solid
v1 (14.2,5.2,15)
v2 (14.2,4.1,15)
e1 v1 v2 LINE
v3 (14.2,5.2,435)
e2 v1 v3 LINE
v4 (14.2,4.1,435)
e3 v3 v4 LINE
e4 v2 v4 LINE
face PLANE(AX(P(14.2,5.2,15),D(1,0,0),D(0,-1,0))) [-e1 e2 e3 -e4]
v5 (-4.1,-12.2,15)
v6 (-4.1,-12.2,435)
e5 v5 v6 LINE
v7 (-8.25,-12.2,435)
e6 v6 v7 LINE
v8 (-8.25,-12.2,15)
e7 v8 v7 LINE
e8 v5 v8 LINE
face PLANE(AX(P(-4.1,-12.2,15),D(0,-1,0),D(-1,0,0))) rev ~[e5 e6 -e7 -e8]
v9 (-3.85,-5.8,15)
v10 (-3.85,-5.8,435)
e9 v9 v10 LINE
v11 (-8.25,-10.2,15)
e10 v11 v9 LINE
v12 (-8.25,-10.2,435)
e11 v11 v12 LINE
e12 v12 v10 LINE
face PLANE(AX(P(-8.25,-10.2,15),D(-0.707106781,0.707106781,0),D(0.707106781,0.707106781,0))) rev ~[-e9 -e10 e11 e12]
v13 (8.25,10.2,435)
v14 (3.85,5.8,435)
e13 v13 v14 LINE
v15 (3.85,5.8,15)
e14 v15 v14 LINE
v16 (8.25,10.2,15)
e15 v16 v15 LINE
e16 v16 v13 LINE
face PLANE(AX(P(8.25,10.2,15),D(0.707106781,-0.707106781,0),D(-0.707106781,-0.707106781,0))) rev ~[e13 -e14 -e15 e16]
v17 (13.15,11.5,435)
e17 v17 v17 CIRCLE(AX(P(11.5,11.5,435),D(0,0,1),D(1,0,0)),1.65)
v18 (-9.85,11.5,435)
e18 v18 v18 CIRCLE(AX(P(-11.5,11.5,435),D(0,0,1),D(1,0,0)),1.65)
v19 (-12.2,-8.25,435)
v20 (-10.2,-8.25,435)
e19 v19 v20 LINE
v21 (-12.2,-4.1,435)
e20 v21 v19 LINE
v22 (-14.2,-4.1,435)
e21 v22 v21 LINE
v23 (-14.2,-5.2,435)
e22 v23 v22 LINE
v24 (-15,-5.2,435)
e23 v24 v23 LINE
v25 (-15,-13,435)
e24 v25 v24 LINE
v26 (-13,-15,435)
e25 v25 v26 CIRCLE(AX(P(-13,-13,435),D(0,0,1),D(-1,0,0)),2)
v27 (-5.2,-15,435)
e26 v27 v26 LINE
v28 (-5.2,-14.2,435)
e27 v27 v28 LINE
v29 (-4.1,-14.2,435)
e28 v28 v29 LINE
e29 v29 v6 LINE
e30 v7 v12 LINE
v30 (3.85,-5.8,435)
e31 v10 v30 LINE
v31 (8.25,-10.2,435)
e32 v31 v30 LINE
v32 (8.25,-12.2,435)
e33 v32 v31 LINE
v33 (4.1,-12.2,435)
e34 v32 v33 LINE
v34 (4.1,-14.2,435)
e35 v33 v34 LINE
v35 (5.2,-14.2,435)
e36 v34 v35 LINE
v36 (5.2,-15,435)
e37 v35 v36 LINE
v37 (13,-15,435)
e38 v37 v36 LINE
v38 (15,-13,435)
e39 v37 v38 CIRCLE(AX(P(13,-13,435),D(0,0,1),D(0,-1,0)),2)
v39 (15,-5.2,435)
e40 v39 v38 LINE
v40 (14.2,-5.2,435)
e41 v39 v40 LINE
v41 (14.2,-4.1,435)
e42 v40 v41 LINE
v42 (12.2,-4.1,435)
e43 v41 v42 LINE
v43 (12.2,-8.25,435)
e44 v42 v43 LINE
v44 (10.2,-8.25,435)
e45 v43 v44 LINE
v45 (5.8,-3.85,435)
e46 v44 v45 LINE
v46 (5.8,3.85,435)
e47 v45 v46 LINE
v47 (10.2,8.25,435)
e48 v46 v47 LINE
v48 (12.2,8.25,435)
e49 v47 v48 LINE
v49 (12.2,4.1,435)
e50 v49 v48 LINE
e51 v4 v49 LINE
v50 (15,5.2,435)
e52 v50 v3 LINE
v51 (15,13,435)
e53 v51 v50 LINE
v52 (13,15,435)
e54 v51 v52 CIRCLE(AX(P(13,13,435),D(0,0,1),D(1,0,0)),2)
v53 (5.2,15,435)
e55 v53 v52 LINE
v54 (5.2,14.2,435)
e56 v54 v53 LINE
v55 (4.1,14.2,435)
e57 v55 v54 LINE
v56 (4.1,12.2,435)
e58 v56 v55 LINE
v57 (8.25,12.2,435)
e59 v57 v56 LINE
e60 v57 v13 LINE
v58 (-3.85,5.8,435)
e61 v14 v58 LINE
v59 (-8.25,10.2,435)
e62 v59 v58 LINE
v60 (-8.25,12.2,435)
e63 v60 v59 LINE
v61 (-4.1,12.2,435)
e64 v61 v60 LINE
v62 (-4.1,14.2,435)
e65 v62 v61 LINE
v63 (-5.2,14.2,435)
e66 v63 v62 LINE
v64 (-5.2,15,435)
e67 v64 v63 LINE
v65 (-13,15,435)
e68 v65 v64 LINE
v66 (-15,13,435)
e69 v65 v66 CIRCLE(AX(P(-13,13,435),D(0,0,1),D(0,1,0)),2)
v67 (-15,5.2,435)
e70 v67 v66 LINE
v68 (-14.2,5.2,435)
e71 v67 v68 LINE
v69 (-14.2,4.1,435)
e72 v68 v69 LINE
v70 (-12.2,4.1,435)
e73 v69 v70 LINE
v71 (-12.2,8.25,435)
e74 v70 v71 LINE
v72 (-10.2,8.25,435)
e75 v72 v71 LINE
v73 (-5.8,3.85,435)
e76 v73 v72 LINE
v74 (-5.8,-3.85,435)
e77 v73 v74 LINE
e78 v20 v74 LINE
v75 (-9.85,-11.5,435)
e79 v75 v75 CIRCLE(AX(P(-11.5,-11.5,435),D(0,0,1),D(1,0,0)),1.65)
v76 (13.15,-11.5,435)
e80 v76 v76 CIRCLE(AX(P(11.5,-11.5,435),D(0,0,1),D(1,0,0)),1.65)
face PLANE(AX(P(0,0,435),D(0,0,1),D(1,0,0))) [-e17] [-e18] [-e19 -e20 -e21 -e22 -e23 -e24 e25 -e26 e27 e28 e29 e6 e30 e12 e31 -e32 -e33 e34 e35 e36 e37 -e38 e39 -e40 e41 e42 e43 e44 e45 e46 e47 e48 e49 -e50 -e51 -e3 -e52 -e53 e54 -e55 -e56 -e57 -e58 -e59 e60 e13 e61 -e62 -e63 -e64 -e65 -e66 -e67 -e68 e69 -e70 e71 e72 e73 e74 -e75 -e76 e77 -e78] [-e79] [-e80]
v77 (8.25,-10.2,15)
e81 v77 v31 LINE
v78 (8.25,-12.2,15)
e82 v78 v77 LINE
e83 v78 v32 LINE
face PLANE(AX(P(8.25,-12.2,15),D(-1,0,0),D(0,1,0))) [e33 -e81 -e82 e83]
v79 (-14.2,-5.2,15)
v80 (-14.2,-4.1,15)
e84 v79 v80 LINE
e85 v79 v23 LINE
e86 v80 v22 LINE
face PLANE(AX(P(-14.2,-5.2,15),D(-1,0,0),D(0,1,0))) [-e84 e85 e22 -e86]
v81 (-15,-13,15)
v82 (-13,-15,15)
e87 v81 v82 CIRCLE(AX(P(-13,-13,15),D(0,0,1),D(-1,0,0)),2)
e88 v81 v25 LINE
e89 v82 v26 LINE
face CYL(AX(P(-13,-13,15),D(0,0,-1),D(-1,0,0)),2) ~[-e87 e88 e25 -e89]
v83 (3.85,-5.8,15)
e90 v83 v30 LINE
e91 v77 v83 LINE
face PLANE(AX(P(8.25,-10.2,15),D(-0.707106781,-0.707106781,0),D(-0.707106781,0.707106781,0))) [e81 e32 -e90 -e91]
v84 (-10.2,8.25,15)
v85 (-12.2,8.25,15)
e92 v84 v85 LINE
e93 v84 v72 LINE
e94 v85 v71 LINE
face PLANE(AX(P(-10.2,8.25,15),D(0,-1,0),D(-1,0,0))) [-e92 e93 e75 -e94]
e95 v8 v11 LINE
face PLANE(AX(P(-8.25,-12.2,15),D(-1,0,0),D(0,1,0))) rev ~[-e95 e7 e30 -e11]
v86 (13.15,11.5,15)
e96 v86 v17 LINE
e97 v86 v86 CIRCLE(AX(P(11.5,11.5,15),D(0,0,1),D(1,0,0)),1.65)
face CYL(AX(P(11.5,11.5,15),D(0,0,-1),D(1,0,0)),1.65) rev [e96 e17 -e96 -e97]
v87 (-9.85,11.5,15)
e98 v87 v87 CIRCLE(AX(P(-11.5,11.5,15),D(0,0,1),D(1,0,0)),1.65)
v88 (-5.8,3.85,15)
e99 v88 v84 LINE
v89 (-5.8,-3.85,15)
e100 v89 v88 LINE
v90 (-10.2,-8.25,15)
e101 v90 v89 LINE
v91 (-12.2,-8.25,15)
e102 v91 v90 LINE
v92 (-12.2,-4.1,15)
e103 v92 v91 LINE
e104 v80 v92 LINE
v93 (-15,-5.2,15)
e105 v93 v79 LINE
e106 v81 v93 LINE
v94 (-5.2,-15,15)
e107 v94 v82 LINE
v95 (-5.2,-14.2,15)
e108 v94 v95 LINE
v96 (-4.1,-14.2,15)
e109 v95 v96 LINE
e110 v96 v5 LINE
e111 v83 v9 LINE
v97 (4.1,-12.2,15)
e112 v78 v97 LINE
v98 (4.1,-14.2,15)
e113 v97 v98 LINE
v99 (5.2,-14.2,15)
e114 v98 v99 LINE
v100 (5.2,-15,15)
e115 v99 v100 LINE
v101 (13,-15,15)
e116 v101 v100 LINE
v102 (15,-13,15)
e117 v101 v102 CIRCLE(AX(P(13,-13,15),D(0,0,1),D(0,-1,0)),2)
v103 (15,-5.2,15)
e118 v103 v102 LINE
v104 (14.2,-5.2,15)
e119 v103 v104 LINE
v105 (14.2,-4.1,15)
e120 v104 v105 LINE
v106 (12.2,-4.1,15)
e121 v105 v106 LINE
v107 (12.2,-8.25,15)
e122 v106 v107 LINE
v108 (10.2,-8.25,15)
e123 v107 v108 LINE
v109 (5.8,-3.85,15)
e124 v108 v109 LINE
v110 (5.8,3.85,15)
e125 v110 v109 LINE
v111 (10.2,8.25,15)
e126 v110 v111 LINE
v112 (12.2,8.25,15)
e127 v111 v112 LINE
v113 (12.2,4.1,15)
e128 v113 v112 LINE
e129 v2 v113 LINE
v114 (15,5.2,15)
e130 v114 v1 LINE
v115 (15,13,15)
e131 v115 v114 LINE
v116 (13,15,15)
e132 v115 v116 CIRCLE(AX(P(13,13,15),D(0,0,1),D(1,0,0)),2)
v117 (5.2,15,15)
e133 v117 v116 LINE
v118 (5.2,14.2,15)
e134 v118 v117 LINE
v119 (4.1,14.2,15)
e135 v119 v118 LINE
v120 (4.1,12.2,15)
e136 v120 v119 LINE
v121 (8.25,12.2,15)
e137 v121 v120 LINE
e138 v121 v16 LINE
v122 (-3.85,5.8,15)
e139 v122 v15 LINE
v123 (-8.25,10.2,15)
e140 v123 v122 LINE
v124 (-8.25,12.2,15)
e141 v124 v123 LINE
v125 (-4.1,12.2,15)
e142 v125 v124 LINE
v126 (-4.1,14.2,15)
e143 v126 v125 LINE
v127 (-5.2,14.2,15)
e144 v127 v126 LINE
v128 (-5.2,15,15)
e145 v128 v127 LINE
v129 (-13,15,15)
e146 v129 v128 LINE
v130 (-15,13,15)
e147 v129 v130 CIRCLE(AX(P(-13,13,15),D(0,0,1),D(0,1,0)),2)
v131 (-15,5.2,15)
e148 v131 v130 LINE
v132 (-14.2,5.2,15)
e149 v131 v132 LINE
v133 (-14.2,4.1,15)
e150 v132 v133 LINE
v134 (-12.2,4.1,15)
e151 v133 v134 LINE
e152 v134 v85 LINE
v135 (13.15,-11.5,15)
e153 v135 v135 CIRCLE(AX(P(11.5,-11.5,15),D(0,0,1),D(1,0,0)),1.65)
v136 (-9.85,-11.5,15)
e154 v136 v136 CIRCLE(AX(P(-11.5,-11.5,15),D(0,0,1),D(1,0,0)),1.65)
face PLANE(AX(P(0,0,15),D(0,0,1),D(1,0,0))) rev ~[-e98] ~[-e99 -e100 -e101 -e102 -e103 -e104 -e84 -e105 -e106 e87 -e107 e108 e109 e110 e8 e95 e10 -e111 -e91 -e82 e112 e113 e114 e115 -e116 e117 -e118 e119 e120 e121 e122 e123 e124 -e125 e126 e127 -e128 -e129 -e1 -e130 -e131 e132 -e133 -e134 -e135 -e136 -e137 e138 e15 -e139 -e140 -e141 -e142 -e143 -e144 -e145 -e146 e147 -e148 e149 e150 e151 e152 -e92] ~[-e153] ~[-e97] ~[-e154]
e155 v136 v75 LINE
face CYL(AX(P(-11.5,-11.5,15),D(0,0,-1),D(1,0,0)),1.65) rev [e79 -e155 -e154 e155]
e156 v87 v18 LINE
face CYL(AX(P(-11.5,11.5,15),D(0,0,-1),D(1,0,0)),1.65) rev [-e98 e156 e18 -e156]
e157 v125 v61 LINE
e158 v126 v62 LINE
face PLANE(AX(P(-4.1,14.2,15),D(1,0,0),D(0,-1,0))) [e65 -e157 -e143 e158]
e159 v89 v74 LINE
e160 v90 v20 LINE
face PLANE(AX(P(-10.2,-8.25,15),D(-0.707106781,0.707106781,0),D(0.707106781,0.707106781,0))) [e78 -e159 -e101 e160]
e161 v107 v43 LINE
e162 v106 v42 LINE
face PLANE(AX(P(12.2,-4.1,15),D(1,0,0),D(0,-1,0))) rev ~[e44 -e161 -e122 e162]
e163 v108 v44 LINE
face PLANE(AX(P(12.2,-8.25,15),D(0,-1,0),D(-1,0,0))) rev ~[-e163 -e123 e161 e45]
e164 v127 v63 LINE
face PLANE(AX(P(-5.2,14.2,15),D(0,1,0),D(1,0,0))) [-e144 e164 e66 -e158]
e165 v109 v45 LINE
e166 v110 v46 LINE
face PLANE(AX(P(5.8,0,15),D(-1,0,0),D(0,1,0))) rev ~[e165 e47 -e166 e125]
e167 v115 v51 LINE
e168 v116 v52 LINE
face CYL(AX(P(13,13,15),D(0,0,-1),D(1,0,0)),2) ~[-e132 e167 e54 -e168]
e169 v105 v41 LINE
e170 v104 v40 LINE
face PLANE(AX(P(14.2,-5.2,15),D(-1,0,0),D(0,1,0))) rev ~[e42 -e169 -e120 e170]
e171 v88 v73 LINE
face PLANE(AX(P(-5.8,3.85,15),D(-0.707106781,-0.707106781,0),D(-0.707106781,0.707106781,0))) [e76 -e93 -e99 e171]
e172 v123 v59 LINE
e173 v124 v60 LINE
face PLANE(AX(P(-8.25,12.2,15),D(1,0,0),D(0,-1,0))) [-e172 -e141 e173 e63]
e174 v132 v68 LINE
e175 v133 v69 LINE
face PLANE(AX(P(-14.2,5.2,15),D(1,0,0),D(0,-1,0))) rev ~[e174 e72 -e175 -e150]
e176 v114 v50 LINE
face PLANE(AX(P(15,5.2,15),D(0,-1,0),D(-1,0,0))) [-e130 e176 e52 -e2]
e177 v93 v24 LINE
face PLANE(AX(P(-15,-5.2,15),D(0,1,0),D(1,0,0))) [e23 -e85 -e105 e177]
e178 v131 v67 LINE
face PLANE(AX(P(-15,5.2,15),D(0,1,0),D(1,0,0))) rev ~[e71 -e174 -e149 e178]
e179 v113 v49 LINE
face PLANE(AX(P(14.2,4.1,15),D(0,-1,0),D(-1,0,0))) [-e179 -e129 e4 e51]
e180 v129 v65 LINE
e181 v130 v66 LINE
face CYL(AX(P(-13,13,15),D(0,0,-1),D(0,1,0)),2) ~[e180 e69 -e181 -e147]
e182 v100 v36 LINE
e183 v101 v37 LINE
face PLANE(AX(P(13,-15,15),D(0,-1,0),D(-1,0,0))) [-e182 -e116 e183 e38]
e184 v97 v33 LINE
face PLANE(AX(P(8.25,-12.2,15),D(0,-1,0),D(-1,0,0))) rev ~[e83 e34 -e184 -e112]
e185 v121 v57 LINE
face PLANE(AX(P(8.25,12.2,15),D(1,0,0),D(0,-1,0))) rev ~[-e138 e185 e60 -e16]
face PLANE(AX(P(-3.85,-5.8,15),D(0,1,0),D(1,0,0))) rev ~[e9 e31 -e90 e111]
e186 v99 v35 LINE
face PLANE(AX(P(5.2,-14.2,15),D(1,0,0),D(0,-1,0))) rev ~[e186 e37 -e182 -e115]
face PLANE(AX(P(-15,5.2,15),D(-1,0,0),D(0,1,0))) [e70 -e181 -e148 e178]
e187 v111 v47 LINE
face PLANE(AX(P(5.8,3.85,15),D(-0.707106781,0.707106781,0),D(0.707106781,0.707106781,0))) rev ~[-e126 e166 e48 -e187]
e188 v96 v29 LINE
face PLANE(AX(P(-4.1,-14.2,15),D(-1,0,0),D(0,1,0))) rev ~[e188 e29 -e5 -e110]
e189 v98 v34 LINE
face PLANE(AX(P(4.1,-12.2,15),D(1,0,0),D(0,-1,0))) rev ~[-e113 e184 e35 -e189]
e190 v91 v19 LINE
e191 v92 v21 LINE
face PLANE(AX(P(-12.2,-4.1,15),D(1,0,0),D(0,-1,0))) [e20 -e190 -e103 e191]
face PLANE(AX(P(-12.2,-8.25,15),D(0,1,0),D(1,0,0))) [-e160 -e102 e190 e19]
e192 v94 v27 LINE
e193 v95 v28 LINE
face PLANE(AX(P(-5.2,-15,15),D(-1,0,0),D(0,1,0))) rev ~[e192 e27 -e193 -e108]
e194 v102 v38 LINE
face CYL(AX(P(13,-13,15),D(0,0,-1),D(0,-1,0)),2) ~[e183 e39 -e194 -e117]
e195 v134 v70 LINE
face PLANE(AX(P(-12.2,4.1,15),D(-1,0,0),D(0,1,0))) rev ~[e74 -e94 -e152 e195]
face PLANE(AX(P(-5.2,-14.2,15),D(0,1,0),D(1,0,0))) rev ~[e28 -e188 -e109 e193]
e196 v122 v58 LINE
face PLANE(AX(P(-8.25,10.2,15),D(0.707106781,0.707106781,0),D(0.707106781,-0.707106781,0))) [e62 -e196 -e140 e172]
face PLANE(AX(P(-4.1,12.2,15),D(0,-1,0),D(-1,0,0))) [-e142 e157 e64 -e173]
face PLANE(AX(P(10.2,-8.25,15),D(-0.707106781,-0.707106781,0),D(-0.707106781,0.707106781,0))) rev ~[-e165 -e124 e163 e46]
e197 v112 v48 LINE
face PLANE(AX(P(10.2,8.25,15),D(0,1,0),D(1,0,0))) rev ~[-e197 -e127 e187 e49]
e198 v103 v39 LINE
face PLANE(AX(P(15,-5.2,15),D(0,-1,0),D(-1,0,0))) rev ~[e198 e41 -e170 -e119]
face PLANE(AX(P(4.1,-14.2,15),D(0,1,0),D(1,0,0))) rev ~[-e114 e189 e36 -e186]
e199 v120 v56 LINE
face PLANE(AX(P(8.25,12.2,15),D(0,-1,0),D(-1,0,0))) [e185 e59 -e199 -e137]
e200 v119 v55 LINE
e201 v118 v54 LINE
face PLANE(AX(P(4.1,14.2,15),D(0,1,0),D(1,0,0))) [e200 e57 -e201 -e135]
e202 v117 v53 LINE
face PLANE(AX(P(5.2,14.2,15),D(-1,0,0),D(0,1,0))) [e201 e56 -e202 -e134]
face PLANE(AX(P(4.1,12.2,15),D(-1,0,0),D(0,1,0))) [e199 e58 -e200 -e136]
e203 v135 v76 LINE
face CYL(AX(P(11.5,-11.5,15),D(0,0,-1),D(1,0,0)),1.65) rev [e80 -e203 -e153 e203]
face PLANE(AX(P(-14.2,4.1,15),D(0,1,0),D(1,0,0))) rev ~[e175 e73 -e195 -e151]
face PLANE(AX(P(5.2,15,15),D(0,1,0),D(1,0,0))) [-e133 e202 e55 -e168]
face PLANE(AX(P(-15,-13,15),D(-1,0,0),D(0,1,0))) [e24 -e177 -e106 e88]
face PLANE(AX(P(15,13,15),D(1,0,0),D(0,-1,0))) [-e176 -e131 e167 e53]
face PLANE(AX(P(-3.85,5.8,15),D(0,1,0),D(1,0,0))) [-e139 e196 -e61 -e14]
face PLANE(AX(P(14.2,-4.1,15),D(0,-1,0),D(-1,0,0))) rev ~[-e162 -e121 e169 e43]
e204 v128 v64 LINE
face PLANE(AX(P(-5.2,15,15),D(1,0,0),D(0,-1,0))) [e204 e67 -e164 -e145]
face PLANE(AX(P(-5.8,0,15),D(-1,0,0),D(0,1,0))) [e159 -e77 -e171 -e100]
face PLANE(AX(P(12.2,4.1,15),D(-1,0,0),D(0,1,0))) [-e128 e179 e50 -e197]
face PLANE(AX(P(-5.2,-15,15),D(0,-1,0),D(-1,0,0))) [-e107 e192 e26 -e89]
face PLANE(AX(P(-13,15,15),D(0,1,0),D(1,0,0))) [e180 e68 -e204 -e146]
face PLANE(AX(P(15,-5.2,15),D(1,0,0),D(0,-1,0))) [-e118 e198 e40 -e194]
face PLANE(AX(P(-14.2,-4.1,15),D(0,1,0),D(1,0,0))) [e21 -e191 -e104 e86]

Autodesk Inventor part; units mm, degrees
ref_plane "Work Plane3" through (0, 0, 250) normal (0, 0, 1) x (1, 0, 0)
sketch "Sketch2" plane through (0, 0, 250) normal (0, 0, 1) x (1, 0, 0)
  circle A0 centre (0, 0) radius 3.4
  dimension "d51" = 6.8
extrude "Extrusion2" [suppressed]
ref_plane "Start Plane" through (0, 0, 15) normal (0, 0, 1) x (1, 0, 0)
ref_plane "End Plane" through (0, 0, 435) normal (0, 0, 1) x (1, 0, 0)
sketch "Sketch" plane through (0, 0, 0) normal (0, 0, 1) x (1, 0, 0)
  line L0 (-13, 15) -> (13, 15)
  line L1 (15, 13) -> (15, -13)
  line L2 (-15, 15) -> (15, -15) construction
  line L3 (15, 15) -> (-15, -15) construction
  line L4 (-5.2, 15) -> (-5.2, 14.2)
  line L5 (-5.2, 14.2) -> (-4.1, 14.2)
  line L6 (-4.1, 14.2) -> (-4.1, 12.2)
  line L7 (-4.1, 12.2) -> (-8.25, 12.2)
  line L8 (-8.25, 12.2) -> (-8.25, 10.2)
  line L9 (-8.25, 10.2) -> (-3.85, 5.8)
  line L10 (-3.85, 5.8) -> (3.85, 5.8)
  line L11 (8.25, 12.2) -> (4.1, 12.2)
  line L12 (4.1, 12.2) -> (4.1, 14.2)
  line L13 (4.1, 14.2) -> (5.2, 14.2)
  line L14 (5.2, 14.2) -> (5.2, 15)
  line L15 (8.25, 12.2) -> (8.25, 10.2)
  line L16 (8.25, 10.2) -> (3.85, 5.8)
  line L17 (-5.8, 0) -> (5.8, 0)
  line L18 (-5.2, -15) -> (-5.2, -14.2)
  line L19 (-5.2, -14.2) -> (-4.1, -14.2)
  line L20 (-4.1, -14.2) -> (-4.1, -12.2)
  line L21 (-4.1, -12.2) -> (-8.25, -12.2)
  line L22 (-8.25, -12.2) -> (-8.25, -10.2)
  line L23 (-8.25, -10.2) -> (-3.85, -5.8)
  line L24 (-3.85, -5.8) -> (3.85, -5.8)
  line L25 (8.25, -12.2) -> (4.1, -12.2)
  line L26 (4.1, -12.2) -> (4.1, -14.2)
  line L27 (4.1, -14.2) -> (5.2, -14.2)
  line L28 (5.2, -14.2) -> (5.2, -15)
  line L29 (8.25, -12.2) -> (8.25, -10.2)
  line L30 (8.25, -10.2) -> (3.85, -5.8)
  line L31 (0, 5.8) -> (0, -5.8)
  line L32 (15, 5.2) -> (14.2, 5.2)
  line L33 (14.2, 5.2) -> (14.2, 4.1)
  line L34 (14.2, 4.1) -> (12.2, 4.1)
  line L35 (12.2, 4.1) -> (12.2, 8.25)
  line L36 (15, -5.2) -> (14.2, -5.2)
  line L37 (14.2, -5.2) -> (14.2, -4.1)
  line L38 (14.2, -4.1) -> (12.2, -4.1)
  line L39 (12.2, -4.1) -> (12.2, -8.25)
  line L40 (12.2, -8.25) -> (10.2, -8.25)
  line L41 (10.2, -8.25) -> (5.8, -3.85)
  line L42 (5.8, -3.85) -> (5.8, 3.85)
  line L43 (5.8, 3.85) -> (10.2, 8.25)
  line L44 (10.2, 8.25) -> (12.2, 8.25)
  line L45 (-15, 5.2) -> (-14.2, 5.2)
  line L46 (-14.2, 5.2) -> (-14.2, 4.1)
  line L47 (-14.2, 4.1) -> (-12.2, 4.1)
  line L48 (-12.2, 4.1) -> (-12.2, 8.25)
  line L49 (-15, -5.2) -> (-14.2, -5.2)
  line L50 (-14.2, -5.2) -> (-14.2, -4.1)
  line L51 (-14.2, -4.1) -> (-12.2, -4.1)
  line L52 (-12.2, -4.1) -> (-12.2, -8.25)
  line L53 (-12.2, -8.25) -> (-10.2, -8.25)
  line L54 (-10.2, -8.25) -> (-5.8, -3.85)
  line L55 (-5.8, -3.85) -> (-5.8, 3.85)
  line L56 (-5.8, 3.85) -> (-10.2, 8.25)
  line L57 (-10.2, 8.25) -> (-12.2, 8.25)
  circle A0 centre (11.5, 11.5) radius 1.65
  circle A1 centre (11.5, -11.5) radius 1.65
  circle A2 centre (-11.5, 11.5) radius 1.65
  circle A3 centre (-11.5, -11.5) radius 1.65
  line L58 (-15, -13) -> (-15, -5.2)
  line L59 (-15, 5.2) -> (-15, 13)
  line L60 (13, -15) -> (5.2, -15)
  line L61 (-5.2, -15) -> (-13, -15)
  arc A4 (-13, 15) -> (-15, 13) centre (-13, 13) ccw
  arc A5 (15, 13) -> (13, 15) centre (13, 13) ccw
  arc A6 (13, -15) -> (15, -13) centre (13, -13) ccw
  arc A7 (-15, -13) -> (-13, -15) centre (-13, -13) ccw
  point P0 (0, 0)
  point P1 (0, 0)
  dimension "d2" = 8.2
  dimension "d3" = 4.1
  dimension "d4" = 10.4
  dimension "d5" = 5.2
  dimension "d8" = 9.2
  dimension "d11" = 16.5
  dimension "d12" = 8.25
  dimension "d14" = 0.8
  dimension "d15" = 2
  dimension "d16" = 2
  dimension "d34" = 0.8
  dimension "d35" = 10.4
  dimension "d36" = 5.2
  dimension "d37" = 8.2
  dimension "d38" = 4.1
  dimension "d39" = 2
  dimension "d40" = 16.5
  dimension "d41" = 8.25
  dimension "d42" = 2
  dimension "d43" = 9.2
  dimension "d44" = 23
  dimension "d45" = 11.5
  dimension "d46" = 23
  dimension "d47" = 11.5
  dimension "d48" = 3.3
  dimension "d55" = 2
extrude "Body" add sketch "Sketch" along normal up to surface (420 mm away) from surface at 15 contours L0 L4 L5 L6 L7 L8 L9 L10 L31 L17 L55 L56 L57 L48 L47 L46 L45 L59 A4 | L0 A5 L1 L32 L33 L34 L35 L44 L43 L42 L17 L31 L10 L16 L15 L11 L12 L13 L14 | L1 A6 L60 L28 L27 L26 L25 L29 L30 L24 L31 L17 L42 L41 L40 L39 L38 L37 L36 | L31 L24 L23 L22 L21 L20 L19 L18 L61 A7 L58 L49 L50 L51 L52 L53 L54 L55 L17
sketch "Sketch3" plane through (0, 0, 0) normal (0, 0, 1) x (1, 0, 0)
  line L0 (0, 0) -> (10, 0)
ref_plane "Work Plane4" through (0, 0, 0) normal (0, -1, 0) x (1, 0, 0)
sketch "Sketch4" plane through (0, 0, 0) normal (0, -1, 0) x (1, 0, 0)
  line L0 (-2, 15) -> (12, 15)
  line L1 (-2, 435) -> (12, 435)
  dimension "d61" = 420
ref_plane "Work Plane5" through (-185, 5.2, 435) normal (0, 0, 1) x (1, 0, 0)
split "Split1" plane through (-185, 5.2, 435) removes the side toward (0, 0, 1)
ref_plane "Work Plane6" through (265, 5.2, 15) normal (0, 0, -1) x (-1, 0, 0)
split "Split2" plane through (265, 5.2, 15) removes the side toward (0, 0, -1)
equation "\"d3\" = 0.5 * d2"
equation "\"d5\" = 0.5 * d4"
equation "\"d12\" = 0.5 * d11"
equation "\"d36\" = 0.5 * d35"
equation "\"d38\" = 0.5 * d37"
equation "\"d41\" = 0.5 * d40"
equation "\"d45\" = 0.5 * d44"
equation "\"d47\" = 0.5 * d46"
equation "\"G_OFFSET_START\" = -15"
equation "\"G_OFFSET_END\" = -15"
equation "\"d56\" = -G_OFFSET_START"
equation "\"G_L\" = d61"
properties part number "420 mm" material "Aluminum 6061"
